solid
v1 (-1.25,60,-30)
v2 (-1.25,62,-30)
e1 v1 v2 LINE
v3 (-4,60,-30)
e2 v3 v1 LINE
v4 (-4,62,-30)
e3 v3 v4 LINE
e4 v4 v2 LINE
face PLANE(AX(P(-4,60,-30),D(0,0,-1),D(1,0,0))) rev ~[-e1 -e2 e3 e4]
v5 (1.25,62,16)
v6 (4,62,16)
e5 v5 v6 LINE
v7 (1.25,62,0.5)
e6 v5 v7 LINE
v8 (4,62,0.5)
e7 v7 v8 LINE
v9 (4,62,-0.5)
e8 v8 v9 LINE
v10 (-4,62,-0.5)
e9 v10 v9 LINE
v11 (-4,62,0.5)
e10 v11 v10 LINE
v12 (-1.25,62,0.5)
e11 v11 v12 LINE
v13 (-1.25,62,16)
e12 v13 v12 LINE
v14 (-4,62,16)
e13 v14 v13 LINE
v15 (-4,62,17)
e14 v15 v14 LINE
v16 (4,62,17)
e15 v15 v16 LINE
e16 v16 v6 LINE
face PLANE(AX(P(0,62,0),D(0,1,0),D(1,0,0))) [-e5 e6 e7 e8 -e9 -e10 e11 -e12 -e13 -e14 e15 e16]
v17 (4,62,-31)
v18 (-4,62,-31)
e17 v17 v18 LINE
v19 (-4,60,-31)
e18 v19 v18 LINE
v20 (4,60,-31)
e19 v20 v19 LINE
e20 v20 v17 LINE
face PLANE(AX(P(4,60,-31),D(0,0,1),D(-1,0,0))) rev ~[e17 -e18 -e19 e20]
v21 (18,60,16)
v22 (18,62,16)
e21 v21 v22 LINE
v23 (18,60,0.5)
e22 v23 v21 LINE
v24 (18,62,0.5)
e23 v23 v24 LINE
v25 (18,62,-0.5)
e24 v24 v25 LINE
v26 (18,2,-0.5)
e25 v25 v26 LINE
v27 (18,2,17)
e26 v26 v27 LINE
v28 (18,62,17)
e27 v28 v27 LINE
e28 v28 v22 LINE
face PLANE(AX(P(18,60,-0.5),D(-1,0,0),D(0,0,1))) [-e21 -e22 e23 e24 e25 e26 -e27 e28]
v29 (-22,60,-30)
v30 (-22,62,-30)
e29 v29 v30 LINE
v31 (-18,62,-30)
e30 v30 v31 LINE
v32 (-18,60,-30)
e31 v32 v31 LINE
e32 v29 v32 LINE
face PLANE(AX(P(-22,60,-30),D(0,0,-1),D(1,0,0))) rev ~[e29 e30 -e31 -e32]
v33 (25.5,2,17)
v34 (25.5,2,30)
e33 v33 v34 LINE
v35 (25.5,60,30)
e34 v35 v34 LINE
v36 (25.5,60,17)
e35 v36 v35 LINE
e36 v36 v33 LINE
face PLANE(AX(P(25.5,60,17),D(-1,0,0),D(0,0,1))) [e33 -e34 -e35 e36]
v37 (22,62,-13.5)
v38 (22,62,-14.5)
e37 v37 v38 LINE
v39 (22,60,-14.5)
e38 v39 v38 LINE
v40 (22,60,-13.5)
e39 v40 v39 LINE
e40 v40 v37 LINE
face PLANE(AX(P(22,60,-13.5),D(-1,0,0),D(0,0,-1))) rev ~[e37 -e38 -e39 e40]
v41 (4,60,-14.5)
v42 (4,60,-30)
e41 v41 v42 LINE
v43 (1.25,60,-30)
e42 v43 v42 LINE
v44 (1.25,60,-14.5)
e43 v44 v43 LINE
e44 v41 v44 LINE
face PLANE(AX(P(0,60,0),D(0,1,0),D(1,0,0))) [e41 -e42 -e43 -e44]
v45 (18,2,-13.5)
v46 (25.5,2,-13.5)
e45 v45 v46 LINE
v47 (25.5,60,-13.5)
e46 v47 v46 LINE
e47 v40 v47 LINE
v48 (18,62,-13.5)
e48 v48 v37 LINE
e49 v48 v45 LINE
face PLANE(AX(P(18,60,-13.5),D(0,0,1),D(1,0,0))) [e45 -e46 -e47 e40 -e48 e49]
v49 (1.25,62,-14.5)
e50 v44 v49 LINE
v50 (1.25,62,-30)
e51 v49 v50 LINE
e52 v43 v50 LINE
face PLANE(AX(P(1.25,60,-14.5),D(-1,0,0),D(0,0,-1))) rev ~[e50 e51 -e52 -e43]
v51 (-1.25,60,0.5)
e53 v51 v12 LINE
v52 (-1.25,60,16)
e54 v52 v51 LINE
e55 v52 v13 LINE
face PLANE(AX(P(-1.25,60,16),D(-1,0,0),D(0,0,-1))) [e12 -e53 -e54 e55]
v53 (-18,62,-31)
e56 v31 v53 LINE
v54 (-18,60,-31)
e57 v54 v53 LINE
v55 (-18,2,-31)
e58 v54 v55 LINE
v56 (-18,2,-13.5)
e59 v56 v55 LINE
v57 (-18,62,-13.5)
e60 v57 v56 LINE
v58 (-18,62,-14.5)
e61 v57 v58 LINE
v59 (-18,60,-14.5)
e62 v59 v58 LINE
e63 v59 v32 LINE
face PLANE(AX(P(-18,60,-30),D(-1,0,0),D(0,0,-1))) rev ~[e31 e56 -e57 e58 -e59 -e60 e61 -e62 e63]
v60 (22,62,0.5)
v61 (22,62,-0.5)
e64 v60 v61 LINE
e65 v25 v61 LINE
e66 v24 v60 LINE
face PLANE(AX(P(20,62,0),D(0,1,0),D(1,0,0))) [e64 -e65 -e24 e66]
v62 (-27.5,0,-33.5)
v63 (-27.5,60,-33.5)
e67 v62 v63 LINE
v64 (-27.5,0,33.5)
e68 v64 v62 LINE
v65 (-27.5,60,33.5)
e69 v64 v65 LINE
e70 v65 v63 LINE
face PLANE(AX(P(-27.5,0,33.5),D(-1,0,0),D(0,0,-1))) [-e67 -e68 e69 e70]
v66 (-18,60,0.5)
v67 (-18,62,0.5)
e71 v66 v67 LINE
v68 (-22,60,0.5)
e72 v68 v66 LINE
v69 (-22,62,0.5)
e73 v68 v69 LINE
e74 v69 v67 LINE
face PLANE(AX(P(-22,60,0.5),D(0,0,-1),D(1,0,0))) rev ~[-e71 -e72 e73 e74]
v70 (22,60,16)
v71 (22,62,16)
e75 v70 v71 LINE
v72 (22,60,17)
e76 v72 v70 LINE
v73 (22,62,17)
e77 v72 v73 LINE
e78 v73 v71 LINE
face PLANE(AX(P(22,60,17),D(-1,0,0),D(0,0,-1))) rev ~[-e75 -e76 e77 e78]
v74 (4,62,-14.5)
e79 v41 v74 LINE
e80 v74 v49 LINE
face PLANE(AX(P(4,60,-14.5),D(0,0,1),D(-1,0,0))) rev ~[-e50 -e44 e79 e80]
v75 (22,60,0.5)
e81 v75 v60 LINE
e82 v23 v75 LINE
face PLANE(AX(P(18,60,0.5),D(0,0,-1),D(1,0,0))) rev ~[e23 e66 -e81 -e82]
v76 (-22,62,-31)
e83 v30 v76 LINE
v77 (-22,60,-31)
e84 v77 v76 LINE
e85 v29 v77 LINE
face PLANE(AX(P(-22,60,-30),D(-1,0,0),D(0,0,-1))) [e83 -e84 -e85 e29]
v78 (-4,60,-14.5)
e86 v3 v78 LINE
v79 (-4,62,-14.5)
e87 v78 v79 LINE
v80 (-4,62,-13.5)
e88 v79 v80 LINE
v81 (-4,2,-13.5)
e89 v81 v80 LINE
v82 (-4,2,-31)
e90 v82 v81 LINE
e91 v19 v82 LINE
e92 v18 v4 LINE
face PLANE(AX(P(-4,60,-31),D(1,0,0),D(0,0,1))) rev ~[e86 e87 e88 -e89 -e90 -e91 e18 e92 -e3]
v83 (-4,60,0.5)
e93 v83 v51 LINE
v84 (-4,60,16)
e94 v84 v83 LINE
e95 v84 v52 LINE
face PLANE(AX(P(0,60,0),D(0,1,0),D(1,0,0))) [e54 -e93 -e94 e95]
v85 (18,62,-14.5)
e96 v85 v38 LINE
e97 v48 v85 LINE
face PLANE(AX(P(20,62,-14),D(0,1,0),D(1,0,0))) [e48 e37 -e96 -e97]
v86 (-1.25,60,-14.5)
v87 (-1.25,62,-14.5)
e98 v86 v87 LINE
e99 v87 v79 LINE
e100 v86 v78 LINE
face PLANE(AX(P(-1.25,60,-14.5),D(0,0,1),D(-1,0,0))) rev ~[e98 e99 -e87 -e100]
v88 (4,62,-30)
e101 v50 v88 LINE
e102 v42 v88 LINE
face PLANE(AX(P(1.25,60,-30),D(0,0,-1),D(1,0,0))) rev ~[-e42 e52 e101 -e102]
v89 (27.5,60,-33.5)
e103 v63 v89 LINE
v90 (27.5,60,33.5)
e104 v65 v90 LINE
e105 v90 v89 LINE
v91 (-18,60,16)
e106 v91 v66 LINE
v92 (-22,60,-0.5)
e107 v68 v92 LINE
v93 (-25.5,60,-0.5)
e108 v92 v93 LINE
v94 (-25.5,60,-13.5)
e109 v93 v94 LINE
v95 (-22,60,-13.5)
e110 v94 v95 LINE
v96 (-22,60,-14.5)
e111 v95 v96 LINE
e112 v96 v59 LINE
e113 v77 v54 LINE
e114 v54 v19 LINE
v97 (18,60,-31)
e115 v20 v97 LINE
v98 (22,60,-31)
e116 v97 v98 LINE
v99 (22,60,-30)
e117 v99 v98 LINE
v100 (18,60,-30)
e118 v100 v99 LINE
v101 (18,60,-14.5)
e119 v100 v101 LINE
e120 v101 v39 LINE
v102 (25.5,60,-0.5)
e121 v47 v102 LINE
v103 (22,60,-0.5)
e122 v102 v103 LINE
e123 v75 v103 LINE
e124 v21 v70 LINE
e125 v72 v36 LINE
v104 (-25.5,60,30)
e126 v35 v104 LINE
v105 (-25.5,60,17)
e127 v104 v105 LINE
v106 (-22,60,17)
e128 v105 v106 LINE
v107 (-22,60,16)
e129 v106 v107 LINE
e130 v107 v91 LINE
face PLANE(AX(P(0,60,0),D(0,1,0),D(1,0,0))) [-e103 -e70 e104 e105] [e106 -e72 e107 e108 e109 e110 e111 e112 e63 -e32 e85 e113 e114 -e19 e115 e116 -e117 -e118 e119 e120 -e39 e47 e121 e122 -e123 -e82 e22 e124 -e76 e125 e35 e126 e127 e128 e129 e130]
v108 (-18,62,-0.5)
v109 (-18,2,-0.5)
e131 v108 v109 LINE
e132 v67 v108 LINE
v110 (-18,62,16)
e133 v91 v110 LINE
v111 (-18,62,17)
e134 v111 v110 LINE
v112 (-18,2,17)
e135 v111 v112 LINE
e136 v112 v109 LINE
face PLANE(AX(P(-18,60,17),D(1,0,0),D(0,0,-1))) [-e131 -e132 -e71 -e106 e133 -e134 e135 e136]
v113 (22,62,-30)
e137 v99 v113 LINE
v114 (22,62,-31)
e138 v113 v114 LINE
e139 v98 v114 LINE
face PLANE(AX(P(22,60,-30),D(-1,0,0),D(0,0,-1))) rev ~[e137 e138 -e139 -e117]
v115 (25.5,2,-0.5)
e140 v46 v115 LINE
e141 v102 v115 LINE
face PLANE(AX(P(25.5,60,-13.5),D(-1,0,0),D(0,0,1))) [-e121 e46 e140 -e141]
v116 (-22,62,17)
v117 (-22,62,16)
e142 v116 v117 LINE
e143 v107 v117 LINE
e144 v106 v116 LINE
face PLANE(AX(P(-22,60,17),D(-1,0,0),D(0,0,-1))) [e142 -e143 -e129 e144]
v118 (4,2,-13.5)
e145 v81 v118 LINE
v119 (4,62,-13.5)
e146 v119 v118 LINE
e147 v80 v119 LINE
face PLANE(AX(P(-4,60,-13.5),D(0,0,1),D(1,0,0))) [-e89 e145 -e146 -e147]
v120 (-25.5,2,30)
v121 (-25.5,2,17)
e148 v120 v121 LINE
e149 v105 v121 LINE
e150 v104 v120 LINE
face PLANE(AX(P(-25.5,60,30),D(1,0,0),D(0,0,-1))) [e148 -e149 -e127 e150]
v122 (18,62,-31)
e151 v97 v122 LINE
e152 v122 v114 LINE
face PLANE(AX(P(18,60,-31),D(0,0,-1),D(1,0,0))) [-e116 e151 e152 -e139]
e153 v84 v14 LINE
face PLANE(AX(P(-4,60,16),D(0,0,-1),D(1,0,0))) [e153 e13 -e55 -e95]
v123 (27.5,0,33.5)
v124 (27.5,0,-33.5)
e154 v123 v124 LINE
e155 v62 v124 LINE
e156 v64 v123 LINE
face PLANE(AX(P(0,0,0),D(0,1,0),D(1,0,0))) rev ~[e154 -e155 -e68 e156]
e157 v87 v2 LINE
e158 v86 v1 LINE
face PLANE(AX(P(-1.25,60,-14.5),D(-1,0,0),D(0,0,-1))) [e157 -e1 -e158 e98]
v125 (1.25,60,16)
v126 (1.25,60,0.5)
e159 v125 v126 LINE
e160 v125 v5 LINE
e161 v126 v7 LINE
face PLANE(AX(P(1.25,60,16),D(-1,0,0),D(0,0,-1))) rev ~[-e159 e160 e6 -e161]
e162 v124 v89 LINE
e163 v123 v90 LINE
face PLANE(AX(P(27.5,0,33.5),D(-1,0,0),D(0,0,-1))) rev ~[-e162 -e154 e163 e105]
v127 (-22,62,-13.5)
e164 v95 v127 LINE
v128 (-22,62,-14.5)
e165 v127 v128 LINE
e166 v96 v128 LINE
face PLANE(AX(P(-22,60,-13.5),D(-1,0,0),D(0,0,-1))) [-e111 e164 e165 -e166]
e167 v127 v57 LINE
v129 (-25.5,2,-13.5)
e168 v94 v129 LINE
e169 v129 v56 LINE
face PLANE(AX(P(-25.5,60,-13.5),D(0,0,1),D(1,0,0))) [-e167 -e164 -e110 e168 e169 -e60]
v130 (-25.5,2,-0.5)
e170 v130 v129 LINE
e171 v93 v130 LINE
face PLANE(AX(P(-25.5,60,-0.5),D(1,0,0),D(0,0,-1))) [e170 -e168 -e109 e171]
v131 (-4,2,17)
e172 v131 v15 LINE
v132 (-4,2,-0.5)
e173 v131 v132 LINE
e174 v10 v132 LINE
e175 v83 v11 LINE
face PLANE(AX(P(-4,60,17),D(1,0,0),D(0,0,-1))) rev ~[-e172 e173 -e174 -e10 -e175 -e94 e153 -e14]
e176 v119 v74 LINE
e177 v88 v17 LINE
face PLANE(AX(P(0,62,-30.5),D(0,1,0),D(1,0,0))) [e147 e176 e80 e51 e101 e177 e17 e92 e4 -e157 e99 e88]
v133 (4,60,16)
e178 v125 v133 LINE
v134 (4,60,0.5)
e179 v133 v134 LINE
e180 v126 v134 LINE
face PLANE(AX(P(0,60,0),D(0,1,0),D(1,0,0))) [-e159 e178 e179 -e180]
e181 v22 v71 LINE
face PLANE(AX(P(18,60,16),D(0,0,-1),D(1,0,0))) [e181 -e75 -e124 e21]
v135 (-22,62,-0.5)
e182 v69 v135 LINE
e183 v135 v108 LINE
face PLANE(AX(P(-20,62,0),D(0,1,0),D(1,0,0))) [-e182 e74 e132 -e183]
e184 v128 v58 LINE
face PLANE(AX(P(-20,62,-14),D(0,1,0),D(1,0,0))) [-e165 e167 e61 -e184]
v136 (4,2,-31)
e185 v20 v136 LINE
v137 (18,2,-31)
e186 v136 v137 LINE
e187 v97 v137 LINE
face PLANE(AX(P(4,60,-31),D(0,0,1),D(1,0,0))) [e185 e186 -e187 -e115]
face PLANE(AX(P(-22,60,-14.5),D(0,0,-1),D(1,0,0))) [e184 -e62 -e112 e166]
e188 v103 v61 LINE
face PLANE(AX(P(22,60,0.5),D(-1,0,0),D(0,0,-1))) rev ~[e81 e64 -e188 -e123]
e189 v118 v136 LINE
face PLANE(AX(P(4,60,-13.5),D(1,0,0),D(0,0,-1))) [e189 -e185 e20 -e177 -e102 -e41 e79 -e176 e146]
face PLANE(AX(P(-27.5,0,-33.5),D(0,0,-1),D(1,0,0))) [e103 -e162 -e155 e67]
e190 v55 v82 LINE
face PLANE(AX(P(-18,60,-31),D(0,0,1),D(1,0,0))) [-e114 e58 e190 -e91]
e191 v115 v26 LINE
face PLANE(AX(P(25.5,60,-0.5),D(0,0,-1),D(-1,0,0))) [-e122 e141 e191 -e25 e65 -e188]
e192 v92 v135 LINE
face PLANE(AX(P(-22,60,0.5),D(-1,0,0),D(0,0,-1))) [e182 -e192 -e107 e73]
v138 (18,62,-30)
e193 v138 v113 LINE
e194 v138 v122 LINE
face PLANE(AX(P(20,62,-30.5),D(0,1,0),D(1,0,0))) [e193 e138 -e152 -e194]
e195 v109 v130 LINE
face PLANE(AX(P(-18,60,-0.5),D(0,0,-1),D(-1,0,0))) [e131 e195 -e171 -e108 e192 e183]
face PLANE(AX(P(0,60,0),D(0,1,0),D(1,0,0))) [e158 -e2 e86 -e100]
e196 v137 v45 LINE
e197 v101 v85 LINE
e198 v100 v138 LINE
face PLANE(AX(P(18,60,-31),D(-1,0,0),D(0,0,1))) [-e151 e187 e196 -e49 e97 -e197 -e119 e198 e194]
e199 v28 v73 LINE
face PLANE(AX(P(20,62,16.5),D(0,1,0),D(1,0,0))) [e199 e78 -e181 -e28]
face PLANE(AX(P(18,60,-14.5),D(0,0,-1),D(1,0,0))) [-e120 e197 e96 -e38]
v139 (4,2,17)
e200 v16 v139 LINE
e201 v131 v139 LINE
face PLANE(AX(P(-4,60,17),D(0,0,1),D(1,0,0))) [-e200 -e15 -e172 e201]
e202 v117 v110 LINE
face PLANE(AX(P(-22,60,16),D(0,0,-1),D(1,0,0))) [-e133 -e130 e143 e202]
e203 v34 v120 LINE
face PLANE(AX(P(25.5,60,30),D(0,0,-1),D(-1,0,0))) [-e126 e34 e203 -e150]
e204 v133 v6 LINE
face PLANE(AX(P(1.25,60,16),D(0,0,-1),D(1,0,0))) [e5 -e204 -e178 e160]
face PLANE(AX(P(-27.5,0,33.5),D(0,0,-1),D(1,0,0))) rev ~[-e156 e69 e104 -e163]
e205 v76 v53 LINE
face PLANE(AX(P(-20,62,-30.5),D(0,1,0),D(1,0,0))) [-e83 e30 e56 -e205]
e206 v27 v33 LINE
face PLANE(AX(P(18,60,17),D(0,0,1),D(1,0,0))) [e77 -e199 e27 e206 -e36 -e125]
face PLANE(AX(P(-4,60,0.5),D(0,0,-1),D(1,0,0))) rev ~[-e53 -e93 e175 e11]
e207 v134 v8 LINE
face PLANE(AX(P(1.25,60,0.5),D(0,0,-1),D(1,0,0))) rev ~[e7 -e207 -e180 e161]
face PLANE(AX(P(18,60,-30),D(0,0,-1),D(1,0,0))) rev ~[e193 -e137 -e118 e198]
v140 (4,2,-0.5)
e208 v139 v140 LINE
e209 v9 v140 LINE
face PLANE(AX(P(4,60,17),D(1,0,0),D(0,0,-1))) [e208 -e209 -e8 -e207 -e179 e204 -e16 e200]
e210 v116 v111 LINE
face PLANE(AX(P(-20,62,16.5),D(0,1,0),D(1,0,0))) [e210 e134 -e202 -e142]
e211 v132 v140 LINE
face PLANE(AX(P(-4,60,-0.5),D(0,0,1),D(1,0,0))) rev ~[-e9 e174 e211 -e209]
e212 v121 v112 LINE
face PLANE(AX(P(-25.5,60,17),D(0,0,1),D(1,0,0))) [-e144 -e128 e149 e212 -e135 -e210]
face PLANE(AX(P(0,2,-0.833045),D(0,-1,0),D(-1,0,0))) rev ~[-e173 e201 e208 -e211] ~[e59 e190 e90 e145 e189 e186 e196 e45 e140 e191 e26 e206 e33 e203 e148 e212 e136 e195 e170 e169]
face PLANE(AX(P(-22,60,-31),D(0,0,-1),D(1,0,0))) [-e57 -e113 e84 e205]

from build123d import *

# Parameters (mm, degrees)
SKETCH1_W           = 55
SKETCH1_H           = 67
BOSS_EXTRUDE1_DEPTH = 60
SKETCH3_W           = 8
SKETCH3_H           = 17.5
CUT_EXTRUDE3_DEPTH  = 58
SKETCH4_W           = 4
SKETCH4_H           = 1
SKETCH4_W_2         = 2.5
SKETCH4_H_2         = 15.5
SKETCH4_W_3         = 8
BOSS_EXTRUDE2_DEPTH = 2


with BuildPart() as part:
    # Sketch1 → Boss-Extrude1 (new body)
    with BuildSketch(Plane(origin=(0, 0, 0), x_dir=(1, 0, 0), z_dir=(0, 1, 0))):
        Rectangle(SKETCH1_W, SKETCH1_H)
    extrude(amount=BOSS_EXTRUDE1_DEPTH)

    # Sketch3 → Cut-Extrude3 (cut)
    with BuildSketch(Plane(origin=(0, 60, 0), x_dir=(1, 0, 0), z_dir=(0, 1, 0))):
        Polygon((-18, 13.5), (-18, 31), (-4, 31), (-4, 13.5), (4, 13.5), (4, 31), (18, 31), (18, 13.5), (25.5, 13.5), (25.5, 0.5), (18, 0.5), (18, -17), (25.5, -17), (25.5, -30), (-25.5, -30), (-25.5, -17), (-18, -17), (-18, 0.5), (-25.5, 0.5), (-25.5, 13.5), align=None)
        with Locations((0, -8.25)):
            Rectangle(SKETCH3_W, SKETCH3_H, mode=Mode.SUBTRACT)
    extrude(amount=-CUT_EXTRUDE3_DEPTH, mode=Mode.SUBTRACT)

    # Sketch4 → Boss-Extrude2 (add)
    with BuildSketch(Plane(origin=(0, 60, 0), x_dir=(1, 0, 0), z_dir=(0, 1, 0))):
        with Locations((-20, 30.5)):
            Rectangle(SKETCH4_W, SKETCH4_H)
        Polygon((4, 31), (-4, 31), (-4, 30), (-1.25, 30), (1.25, 30), (4, 30), align=None)
        with Locations((0, 22.25)):
            Rectangle(SKETCH4_W_2, SKETCH4_H_2)
        with Locations((20, 30.5)):
            Rectangle(SKETCH4_W, SKETCH4_H)
        with Locations((20, 14)):
            Rectangle(SKETCH4_W, SKETCH4_H)
        Polygon((-1.25, 14.5), (-4, 14.5), (-4, 13.5), (4, 13.5), (4, 14.5), (1.25, 14.5), align=None)
        with Locations((-20, 14)):
            Rectangle(SKETCH4_W, SKETCH4_H)
        with Locations((-20, 0)):
            Rectangle(SKETCH4_W, SKETCH4_H)
        Rectangle(SKETCH4_W_3, SKETCH4_H)
        with Locations((20, 0)):
            Rectangle(SKETCH4_W, SKETCH4_H)
        with Locations((20, -16.5)):
            Rectangle(SKETCH4_W, SKETCH4_H)
        with Locations((-20, -16.5)):
            Rectangle(SKETCH4_W, SKETCH4_H)
        with Locations((0, -16.5)):
            Rectangle(SKETCH4_W_3, SKETCH4_H)
        with Locations((0, -8.25)):
            Rectangle(SKETCH4_W_2, SKETCH4_H_2)
    extrude(amount=BOSS_EXTRUDE2_DEPTH)


solid = part.part
